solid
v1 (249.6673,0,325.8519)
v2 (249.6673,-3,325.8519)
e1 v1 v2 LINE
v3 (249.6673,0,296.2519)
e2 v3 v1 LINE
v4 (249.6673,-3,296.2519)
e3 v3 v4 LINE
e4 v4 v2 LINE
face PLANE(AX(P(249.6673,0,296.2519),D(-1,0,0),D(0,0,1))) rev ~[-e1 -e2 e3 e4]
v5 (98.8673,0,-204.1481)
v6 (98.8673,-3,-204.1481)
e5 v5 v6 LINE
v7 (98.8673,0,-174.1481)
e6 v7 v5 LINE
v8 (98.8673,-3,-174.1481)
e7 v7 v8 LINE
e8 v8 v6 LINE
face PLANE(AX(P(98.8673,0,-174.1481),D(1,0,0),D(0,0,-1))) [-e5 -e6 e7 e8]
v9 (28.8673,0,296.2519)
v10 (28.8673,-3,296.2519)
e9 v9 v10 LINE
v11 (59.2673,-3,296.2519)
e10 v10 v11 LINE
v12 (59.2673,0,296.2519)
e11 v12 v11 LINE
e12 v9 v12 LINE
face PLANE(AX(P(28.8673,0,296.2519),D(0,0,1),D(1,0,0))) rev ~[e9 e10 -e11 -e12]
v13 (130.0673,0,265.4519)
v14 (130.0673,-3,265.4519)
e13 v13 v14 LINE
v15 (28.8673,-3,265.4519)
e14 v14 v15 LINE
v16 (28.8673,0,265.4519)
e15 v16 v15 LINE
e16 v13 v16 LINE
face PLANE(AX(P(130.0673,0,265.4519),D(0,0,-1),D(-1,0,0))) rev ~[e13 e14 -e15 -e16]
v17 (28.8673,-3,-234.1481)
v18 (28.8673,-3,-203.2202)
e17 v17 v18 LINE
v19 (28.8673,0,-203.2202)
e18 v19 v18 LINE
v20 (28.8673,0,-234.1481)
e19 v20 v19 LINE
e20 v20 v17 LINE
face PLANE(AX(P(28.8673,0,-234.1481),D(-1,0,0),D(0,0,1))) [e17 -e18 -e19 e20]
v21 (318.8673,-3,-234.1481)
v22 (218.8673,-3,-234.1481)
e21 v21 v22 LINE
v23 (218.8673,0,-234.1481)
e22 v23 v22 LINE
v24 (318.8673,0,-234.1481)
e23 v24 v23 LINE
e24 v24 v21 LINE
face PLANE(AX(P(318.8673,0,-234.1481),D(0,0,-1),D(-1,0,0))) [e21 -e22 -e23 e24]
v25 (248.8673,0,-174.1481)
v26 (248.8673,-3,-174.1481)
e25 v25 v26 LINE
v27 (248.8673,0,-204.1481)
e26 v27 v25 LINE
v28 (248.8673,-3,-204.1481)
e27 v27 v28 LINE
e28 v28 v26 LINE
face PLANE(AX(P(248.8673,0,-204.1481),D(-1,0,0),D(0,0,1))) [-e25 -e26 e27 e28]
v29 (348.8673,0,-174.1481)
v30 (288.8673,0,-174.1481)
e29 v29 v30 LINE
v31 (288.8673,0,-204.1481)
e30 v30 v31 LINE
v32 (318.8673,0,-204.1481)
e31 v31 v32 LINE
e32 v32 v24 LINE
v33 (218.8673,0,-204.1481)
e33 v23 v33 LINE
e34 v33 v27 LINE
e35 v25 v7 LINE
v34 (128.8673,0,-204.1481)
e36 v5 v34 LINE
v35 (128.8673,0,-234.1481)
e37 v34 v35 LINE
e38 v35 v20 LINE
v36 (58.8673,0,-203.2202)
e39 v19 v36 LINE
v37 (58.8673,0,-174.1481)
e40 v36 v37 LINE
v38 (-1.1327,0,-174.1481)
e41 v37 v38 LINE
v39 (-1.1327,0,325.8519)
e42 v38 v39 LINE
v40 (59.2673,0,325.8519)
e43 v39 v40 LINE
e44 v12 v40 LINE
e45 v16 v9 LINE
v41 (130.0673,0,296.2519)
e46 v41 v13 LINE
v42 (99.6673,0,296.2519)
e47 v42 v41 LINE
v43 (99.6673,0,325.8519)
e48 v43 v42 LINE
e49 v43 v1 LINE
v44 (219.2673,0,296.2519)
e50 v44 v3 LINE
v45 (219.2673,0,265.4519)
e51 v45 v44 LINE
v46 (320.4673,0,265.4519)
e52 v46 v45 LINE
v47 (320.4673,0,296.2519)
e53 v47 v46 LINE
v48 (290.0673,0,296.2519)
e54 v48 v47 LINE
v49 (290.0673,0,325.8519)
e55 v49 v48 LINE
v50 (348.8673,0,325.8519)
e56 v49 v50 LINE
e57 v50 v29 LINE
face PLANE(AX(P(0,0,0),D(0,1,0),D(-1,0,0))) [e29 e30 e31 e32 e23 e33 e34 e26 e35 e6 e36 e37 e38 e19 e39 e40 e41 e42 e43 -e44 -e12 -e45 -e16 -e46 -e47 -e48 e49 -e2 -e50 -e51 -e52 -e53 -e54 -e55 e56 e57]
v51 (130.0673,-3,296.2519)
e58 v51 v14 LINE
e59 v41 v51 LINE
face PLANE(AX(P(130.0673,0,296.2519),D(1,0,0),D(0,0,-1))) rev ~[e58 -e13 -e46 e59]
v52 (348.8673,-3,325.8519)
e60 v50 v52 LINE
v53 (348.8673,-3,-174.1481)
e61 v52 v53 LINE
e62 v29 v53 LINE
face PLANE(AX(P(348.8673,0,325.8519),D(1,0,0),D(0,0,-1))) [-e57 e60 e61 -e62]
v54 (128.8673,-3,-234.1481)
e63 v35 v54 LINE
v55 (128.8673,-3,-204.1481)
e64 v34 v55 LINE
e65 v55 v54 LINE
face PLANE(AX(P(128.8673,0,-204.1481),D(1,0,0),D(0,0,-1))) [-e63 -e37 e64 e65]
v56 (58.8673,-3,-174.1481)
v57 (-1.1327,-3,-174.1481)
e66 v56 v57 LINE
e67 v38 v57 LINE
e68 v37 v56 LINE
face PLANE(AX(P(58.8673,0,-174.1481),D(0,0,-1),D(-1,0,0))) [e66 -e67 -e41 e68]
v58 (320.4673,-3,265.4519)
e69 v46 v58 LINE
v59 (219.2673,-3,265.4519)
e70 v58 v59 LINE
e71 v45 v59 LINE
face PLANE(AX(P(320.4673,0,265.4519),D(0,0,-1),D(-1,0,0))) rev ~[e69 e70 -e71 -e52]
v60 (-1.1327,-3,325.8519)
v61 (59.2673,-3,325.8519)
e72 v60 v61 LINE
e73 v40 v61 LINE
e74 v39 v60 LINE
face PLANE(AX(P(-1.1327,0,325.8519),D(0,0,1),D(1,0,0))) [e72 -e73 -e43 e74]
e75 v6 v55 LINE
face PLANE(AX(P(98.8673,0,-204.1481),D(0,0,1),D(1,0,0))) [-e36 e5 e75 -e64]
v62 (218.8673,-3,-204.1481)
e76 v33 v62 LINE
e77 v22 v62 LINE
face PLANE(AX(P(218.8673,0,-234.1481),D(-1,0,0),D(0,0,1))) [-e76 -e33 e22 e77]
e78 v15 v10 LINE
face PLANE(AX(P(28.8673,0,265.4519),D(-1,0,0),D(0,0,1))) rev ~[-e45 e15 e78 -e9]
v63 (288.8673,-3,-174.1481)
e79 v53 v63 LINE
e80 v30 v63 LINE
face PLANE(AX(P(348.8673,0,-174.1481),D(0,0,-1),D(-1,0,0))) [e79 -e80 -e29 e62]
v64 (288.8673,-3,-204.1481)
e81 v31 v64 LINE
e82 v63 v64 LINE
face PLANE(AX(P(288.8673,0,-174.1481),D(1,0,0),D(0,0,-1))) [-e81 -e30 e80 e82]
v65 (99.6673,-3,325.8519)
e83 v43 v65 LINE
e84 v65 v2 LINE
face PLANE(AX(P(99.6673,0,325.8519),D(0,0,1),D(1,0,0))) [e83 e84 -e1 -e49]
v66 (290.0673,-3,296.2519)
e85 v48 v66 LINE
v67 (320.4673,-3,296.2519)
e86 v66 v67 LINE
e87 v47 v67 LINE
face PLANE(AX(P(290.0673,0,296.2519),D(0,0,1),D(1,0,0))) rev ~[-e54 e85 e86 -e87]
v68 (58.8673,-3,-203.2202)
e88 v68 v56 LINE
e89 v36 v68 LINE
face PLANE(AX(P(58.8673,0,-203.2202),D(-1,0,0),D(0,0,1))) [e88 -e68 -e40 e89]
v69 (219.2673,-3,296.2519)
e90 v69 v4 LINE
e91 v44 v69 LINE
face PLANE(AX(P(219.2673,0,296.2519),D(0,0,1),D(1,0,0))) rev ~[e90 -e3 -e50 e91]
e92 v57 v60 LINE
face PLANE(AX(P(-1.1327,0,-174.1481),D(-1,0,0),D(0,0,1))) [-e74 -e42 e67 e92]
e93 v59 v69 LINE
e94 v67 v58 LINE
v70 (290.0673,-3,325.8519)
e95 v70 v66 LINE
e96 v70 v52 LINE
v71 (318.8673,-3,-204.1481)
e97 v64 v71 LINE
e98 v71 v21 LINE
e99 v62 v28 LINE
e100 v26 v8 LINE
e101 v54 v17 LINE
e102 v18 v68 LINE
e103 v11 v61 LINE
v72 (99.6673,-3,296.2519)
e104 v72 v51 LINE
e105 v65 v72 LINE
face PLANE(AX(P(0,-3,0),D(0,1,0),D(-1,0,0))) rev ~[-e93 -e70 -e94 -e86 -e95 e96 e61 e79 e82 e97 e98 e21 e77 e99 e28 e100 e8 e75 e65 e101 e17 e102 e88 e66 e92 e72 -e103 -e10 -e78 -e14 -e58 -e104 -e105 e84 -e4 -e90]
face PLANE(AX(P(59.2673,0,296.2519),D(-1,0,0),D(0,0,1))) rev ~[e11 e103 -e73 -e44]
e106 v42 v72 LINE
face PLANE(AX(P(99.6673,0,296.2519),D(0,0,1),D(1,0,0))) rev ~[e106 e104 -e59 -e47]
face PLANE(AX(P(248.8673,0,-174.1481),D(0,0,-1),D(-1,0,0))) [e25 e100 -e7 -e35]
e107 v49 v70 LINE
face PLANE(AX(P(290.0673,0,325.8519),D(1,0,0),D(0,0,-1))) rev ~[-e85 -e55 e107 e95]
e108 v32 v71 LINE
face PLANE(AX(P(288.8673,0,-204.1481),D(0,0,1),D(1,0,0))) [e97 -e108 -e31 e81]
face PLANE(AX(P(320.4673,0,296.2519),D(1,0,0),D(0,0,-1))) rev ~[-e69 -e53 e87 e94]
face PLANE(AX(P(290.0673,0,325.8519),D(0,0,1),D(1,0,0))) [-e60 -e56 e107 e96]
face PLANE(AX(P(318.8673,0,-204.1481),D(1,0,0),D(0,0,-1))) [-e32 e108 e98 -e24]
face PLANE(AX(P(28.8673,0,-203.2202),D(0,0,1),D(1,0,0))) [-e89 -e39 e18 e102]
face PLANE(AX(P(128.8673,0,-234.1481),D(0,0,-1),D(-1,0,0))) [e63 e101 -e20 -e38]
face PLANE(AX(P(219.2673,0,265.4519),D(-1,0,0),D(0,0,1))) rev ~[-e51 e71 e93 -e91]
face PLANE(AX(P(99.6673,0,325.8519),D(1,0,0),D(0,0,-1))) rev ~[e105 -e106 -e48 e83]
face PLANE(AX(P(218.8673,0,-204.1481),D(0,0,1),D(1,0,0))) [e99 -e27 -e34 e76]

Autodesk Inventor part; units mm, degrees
ref_plane "YZ Plane" through (0, 0, 0) normal (1, 0, 0) x (0, 1, 0)
ref_plane "XZ Plane" through (0, 0, 0) normal (0, 1, 0) x (-1, 0, 0)
ref_plane "XY Plane" through (0, 0, 0) normal (0, 0, 1) x (1, 0, 0)
sketch "Sketch1" plane through (0, 0, 0) normal (0, 1, 0) x (-1, 0, 0)
  line L0 (-348.8673, 325.8519) -> (-348.8673, -174.1481)
  line L1 (1.1327, -174.1481) -> (1.1327, 325.8519)
  line L2 (-98.8673, -174.1481) -> (-98.8673, -204.1481)
  line L3 (-58.8673, -203.2202) -> (-58.8673, -174.1481)
  line L4 (-128.8673, -204.1481) -> (-128.8673, -234.1481)
  line L5 (-128.8673, -234.1481) -> (-28.8673, -234.1481)
  line L6 (-28.8673, -234.1481) -> (-28.8673, -203.2202)
  line L7 (-58.8673, -174.1481) -> (1.1327, -174.1481)
  line L8 (-28.8673, -203.2202) -> (-58.8673, -203.2202)
  line L9 (-98.8673, -204.1481) -> (-128.8673, -204.1481)
  line L10 (-99.6673, 325.8519) -> (-99.6673, 296.2519)
  line L11 (-59.2673, 296.2519) -> (-59.2673, 325.8519)
  line L12 (-130.0673, 296.2519) -> (-130.0673, 265.4519)
  line L13 (-130.0673, 265.4519) -> (-28.8673, 265.4519)
  line L14 (-28.8673, 265.4519) -> (-28.8673, 296.2519)
  line L15 (-28.8673, 296.2519) -> (-59.2673, 296.2519)
  line L16 (-99.6673, 296.2519) -> (-130.0673, 296.2519)
  line L17 (1.1327, 325.8519) -> (-59.2673, 325.8519)
  line L18 (-320.4673, 296.2519) -> (-320.4673, 265.4519)
  line L19 (-320.4673, 265.4519) -> (-219.2673, 265.4519)
  line L20 (-219.2673, 265.4519) -> (-219.2673, 296.2519)
  line L21 (-290.0673, 325.8519) -> (-290.0673, 296.2519)
  line L22 (-249.6673, 296.2519) -> (-249.6673, 325.8519)
  line L23 (-318.8673, -204.1481) -> (-318.8673, -234.1481)
  line L24 (-318.8673, -234.1481) -> (-218.8673, -234.1481)
  line L25 (-218.8673, -234.1481) -> (-218.8673, -204.1481)
  line L26 (-288.8673, -174.1481) -> (-288.8673, -204.1481)
  line L27 (-248.8673, -204.1481) -> (-248.8673, -174.1481)
  line L28 (-99.6673, 325.8519) -> (-249.6673, 325.8519)
  line L29 (-290.0673, 325.8519) -> (-348.8673, 325.8519)
  line L30 (-219.2673, 296.2519) -> (-249.6673, 296.2519)
  line L31 (-290.0673, 296.2519) -> (-320.4673, 296.2519)
  line L32 (-348.8673, -174.1481) -> (-288.8673, -174.1481)
  line L33 (-248.8673, -174.1481) -> (-98.8673, -174.1481)
  line L34 (-218.8673, -204.1481) -> (-248.8673, -204.1481)
  line L35 (-288.8673, -204.1481) -> (-318.8673, -204.1481)
  point P0 (0, 0)
  dimension "d0" = 500
  dimension "d1" = 350
  dimension "d5" = 100
  dimension "d6" = 40.4
  dimension "d7" = 40
  dimension "d8" = 30
  dimension "d9" = 30.4
  dimension "d11" = 30
  dimension "d15" = 30
  dimension "d20" = 30
  dimension "d30" = 500
  dimension "d33" = 40.4
  dimension "d35" = 30.4
  dimension "d36" = 29.6
  dimension "d37" = 29.6
  dimension "d38" = 30.8
  dimension "d39" = 30.4
  dimension "d40" = 30.4
  dimension "d41" = 30.8
  dimension "d42" = 30.8
  dimension "d43" = 29.6
extrude "Extrusion2" add sketch "Sketch1" against normal blind 3
properties part number "TopCoverLayer" material "Acrylic"
